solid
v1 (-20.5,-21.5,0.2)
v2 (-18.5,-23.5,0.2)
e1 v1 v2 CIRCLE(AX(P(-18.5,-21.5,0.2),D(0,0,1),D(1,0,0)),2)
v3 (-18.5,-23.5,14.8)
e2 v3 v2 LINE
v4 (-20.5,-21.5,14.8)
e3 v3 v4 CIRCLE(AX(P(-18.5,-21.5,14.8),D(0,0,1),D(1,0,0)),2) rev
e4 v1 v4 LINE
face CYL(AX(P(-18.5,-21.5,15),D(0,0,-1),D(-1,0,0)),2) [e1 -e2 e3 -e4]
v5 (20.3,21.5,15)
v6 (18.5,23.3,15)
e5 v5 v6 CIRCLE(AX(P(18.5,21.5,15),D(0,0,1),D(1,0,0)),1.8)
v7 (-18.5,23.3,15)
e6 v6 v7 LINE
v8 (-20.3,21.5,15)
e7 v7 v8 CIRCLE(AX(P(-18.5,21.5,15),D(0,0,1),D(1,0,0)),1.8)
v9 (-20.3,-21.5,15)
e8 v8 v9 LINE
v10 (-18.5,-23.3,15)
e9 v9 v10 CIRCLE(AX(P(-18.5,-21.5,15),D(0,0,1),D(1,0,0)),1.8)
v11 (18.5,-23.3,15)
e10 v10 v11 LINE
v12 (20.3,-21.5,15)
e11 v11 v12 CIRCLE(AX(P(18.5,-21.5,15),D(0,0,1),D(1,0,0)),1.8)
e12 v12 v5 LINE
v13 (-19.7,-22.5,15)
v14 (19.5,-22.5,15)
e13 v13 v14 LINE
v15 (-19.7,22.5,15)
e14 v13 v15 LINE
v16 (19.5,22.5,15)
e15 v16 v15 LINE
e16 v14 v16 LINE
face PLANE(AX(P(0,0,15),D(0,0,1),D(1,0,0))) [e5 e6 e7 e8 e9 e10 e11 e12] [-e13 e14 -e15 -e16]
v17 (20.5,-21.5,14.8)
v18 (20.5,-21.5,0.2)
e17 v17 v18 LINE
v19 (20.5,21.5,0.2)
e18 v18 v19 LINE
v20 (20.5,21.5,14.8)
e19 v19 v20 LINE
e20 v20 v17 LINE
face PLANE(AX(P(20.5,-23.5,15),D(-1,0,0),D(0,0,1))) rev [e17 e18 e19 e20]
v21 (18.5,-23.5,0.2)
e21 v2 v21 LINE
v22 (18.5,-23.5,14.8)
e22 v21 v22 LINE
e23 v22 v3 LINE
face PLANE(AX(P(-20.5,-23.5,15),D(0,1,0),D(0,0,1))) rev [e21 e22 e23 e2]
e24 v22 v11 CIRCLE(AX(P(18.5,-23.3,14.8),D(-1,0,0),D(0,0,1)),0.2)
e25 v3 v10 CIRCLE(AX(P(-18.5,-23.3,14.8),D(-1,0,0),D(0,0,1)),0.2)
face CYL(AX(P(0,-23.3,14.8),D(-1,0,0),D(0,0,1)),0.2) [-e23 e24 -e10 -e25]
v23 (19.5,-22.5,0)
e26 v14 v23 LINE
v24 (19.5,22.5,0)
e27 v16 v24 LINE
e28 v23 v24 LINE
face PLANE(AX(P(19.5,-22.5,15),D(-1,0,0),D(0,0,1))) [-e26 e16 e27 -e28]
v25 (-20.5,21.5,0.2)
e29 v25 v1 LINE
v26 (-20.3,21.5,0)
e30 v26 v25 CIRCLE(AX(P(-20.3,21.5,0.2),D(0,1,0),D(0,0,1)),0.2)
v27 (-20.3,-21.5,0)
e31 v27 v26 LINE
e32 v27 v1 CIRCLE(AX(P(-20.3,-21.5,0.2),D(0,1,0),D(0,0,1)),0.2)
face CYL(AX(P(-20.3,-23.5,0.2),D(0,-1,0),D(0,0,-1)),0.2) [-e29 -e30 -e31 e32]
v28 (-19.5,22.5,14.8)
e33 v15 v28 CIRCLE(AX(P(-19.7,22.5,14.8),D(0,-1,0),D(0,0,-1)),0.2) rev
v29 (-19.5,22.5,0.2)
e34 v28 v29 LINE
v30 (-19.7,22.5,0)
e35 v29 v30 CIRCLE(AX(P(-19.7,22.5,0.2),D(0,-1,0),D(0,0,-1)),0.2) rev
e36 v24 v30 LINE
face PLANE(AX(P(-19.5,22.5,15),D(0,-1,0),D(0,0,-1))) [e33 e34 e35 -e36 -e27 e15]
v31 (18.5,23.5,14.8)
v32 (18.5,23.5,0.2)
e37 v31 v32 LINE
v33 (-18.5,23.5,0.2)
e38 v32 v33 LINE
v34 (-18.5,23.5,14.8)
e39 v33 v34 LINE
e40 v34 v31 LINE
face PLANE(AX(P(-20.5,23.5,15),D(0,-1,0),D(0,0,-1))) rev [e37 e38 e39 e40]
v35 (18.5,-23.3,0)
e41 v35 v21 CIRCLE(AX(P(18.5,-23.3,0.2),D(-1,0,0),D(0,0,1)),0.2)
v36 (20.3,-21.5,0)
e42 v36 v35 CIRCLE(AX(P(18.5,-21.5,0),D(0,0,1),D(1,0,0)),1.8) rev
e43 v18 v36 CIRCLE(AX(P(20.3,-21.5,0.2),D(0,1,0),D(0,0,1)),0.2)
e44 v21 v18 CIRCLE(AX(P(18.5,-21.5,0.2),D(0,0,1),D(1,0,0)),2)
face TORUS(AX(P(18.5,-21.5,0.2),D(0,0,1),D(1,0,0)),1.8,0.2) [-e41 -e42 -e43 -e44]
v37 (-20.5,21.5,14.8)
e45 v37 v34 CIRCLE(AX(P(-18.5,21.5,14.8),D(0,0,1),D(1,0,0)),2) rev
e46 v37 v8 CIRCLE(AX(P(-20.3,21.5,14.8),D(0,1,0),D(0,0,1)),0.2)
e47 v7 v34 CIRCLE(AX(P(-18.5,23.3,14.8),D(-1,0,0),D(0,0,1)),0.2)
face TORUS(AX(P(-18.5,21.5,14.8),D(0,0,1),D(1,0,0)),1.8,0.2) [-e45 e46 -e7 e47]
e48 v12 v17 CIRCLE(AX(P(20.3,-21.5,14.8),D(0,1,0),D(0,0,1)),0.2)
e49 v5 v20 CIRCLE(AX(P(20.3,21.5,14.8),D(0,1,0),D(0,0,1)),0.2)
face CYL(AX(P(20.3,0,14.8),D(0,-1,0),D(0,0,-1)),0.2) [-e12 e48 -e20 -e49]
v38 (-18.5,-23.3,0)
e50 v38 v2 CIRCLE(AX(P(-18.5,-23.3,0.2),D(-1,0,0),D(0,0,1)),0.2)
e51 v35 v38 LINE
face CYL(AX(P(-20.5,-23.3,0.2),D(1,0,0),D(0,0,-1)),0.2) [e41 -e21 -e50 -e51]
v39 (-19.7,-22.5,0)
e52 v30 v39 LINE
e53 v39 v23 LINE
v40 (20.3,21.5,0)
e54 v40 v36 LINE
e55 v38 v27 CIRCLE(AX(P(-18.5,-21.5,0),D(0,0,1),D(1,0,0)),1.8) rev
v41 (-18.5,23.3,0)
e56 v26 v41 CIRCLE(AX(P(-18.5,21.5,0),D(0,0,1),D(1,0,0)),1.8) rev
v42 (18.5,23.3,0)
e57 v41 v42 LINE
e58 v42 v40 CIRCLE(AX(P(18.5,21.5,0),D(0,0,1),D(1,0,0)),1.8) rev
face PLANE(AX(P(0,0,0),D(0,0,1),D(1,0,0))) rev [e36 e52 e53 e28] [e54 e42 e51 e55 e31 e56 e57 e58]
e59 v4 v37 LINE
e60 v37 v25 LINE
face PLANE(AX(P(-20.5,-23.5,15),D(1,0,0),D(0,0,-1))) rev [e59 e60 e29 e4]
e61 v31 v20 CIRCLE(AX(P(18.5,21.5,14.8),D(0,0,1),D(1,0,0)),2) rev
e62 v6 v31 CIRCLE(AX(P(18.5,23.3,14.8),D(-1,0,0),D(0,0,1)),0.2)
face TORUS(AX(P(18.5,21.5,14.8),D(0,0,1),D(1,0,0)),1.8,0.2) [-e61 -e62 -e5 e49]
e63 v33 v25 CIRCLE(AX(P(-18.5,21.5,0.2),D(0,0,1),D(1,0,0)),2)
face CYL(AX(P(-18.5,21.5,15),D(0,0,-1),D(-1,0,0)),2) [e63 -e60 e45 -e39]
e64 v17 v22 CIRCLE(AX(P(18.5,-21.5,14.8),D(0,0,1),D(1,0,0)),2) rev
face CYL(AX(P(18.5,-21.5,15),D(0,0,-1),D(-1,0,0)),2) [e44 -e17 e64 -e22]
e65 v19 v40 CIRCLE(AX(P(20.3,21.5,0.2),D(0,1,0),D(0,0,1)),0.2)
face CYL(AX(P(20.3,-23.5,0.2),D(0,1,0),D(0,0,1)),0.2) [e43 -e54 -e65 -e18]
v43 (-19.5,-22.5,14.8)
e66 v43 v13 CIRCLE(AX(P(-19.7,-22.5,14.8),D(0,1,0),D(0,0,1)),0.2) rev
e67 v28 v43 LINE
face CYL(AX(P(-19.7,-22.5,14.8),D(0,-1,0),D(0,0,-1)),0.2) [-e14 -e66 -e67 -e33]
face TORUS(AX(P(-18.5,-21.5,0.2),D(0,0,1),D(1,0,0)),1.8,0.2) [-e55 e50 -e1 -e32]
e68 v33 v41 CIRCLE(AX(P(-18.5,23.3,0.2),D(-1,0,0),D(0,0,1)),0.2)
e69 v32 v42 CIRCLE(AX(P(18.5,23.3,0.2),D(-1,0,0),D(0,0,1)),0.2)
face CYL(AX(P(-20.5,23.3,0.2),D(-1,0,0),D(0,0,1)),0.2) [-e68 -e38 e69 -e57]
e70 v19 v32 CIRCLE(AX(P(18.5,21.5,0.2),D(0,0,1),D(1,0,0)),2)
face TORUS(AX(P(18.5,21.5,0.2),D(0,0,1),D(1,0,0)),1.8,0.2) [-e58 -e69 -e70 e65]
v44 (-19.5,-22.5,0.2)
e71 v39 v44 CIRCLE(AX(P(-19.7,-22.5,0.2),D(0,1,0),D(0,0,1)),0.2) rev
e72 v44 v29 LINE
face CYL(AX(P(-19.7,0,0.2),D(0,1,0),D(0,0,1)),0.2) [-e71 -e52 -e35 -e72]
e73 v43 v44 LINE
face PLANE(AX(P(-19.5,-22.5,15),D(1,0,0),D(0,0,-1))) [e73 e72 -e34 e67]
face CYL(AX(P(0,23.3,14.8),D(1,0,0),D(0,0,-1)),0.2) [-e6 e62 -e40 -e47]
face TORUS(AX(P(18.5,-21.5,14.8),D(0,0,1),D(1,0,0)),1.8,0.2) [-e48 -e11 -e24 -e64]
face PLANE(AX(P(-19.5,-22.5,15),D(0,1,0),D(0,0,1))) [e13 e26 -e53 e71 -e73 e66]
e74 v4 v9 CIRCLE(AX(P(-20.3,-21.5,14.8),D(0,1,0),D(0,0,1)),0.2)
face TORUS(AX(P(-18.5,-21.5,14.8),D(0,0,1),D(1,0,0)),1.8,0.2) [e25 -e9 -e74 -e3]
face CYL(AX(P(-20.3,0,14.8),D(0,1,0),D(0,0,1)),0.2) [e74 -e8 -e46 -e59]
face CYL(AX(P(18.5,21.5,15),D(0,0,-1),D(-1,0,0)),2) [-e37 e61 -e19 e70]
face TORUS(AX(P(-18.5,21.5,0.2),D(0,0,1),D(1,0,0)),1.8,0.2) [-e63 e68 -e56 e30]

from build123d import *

# Parameters (mm, degrees)
SKETCH1_W           = 41
SKETCH1_H           = 47
SKETCH1_W_2         = 39
SKETCH1_H_2         = 45
BOSS_EXTRUDE1_DEPTH = 15
FILLET1_R           = 2
FILLET4_R           = 0.2


with BuildPart() as part:
    # Sketch1 → Boss-Extrude1 (new body)
    with BuildSketch(Plane.XY):
        Rectangle(SKETCH1_W, SKETCH1_H)
        Rectangle(SKETCH1_W_2, SKETCH1_H_2, mode=Mode.SUBTRACT)
    extrude(amount=BOSS_EXTRUDE1_DEPTH)

    # Fillet1
    fillet1_edges = [part.edges().sort_by_distance(p)[0] for p in [
        (-20.5, -23.5, 7.5),
        (-20.5, 23.5, 7.5),
        (20.5, 23.5, 7.5),
        (20.5, -23.5, 7.5),
    ]]
    fillet(fillet1_edges, radius=FILLET1_R)

    # Fillet4
    fillet4_edges = [part.edges().sort_by_distance(p)[0] for p in [
        (-19.5, 0, 0),
        (-19.5, 0, 15),
        (0, -23.5, 0),
        (0, -23.5, 15),
        (-20.5, 0, 0),
        (0, 23.5, 0),
        (20.5, 0, 0),
        (-19.914213562, 22.914213562, 0),
        (19.914213562, 22.914213562, 0),
        (19.914213562, -22.914213562, 0),
        (-19.914213562, -22.914213562, 0),
        (-20.5, 0, 15),
        (20.5, 0, 15),
        (0, 23.5, 15),
        (-19.914213562, 22.914213562, 15),
        (19.914213562, 22.914213562, 15),
        (19.914213562, -22.914213562, 15),
        (-19.914213562, -22.914213562, 15),
    ]]
    fillet(fillet4_edges, radius=FILLET4_R)


solid = part.part
